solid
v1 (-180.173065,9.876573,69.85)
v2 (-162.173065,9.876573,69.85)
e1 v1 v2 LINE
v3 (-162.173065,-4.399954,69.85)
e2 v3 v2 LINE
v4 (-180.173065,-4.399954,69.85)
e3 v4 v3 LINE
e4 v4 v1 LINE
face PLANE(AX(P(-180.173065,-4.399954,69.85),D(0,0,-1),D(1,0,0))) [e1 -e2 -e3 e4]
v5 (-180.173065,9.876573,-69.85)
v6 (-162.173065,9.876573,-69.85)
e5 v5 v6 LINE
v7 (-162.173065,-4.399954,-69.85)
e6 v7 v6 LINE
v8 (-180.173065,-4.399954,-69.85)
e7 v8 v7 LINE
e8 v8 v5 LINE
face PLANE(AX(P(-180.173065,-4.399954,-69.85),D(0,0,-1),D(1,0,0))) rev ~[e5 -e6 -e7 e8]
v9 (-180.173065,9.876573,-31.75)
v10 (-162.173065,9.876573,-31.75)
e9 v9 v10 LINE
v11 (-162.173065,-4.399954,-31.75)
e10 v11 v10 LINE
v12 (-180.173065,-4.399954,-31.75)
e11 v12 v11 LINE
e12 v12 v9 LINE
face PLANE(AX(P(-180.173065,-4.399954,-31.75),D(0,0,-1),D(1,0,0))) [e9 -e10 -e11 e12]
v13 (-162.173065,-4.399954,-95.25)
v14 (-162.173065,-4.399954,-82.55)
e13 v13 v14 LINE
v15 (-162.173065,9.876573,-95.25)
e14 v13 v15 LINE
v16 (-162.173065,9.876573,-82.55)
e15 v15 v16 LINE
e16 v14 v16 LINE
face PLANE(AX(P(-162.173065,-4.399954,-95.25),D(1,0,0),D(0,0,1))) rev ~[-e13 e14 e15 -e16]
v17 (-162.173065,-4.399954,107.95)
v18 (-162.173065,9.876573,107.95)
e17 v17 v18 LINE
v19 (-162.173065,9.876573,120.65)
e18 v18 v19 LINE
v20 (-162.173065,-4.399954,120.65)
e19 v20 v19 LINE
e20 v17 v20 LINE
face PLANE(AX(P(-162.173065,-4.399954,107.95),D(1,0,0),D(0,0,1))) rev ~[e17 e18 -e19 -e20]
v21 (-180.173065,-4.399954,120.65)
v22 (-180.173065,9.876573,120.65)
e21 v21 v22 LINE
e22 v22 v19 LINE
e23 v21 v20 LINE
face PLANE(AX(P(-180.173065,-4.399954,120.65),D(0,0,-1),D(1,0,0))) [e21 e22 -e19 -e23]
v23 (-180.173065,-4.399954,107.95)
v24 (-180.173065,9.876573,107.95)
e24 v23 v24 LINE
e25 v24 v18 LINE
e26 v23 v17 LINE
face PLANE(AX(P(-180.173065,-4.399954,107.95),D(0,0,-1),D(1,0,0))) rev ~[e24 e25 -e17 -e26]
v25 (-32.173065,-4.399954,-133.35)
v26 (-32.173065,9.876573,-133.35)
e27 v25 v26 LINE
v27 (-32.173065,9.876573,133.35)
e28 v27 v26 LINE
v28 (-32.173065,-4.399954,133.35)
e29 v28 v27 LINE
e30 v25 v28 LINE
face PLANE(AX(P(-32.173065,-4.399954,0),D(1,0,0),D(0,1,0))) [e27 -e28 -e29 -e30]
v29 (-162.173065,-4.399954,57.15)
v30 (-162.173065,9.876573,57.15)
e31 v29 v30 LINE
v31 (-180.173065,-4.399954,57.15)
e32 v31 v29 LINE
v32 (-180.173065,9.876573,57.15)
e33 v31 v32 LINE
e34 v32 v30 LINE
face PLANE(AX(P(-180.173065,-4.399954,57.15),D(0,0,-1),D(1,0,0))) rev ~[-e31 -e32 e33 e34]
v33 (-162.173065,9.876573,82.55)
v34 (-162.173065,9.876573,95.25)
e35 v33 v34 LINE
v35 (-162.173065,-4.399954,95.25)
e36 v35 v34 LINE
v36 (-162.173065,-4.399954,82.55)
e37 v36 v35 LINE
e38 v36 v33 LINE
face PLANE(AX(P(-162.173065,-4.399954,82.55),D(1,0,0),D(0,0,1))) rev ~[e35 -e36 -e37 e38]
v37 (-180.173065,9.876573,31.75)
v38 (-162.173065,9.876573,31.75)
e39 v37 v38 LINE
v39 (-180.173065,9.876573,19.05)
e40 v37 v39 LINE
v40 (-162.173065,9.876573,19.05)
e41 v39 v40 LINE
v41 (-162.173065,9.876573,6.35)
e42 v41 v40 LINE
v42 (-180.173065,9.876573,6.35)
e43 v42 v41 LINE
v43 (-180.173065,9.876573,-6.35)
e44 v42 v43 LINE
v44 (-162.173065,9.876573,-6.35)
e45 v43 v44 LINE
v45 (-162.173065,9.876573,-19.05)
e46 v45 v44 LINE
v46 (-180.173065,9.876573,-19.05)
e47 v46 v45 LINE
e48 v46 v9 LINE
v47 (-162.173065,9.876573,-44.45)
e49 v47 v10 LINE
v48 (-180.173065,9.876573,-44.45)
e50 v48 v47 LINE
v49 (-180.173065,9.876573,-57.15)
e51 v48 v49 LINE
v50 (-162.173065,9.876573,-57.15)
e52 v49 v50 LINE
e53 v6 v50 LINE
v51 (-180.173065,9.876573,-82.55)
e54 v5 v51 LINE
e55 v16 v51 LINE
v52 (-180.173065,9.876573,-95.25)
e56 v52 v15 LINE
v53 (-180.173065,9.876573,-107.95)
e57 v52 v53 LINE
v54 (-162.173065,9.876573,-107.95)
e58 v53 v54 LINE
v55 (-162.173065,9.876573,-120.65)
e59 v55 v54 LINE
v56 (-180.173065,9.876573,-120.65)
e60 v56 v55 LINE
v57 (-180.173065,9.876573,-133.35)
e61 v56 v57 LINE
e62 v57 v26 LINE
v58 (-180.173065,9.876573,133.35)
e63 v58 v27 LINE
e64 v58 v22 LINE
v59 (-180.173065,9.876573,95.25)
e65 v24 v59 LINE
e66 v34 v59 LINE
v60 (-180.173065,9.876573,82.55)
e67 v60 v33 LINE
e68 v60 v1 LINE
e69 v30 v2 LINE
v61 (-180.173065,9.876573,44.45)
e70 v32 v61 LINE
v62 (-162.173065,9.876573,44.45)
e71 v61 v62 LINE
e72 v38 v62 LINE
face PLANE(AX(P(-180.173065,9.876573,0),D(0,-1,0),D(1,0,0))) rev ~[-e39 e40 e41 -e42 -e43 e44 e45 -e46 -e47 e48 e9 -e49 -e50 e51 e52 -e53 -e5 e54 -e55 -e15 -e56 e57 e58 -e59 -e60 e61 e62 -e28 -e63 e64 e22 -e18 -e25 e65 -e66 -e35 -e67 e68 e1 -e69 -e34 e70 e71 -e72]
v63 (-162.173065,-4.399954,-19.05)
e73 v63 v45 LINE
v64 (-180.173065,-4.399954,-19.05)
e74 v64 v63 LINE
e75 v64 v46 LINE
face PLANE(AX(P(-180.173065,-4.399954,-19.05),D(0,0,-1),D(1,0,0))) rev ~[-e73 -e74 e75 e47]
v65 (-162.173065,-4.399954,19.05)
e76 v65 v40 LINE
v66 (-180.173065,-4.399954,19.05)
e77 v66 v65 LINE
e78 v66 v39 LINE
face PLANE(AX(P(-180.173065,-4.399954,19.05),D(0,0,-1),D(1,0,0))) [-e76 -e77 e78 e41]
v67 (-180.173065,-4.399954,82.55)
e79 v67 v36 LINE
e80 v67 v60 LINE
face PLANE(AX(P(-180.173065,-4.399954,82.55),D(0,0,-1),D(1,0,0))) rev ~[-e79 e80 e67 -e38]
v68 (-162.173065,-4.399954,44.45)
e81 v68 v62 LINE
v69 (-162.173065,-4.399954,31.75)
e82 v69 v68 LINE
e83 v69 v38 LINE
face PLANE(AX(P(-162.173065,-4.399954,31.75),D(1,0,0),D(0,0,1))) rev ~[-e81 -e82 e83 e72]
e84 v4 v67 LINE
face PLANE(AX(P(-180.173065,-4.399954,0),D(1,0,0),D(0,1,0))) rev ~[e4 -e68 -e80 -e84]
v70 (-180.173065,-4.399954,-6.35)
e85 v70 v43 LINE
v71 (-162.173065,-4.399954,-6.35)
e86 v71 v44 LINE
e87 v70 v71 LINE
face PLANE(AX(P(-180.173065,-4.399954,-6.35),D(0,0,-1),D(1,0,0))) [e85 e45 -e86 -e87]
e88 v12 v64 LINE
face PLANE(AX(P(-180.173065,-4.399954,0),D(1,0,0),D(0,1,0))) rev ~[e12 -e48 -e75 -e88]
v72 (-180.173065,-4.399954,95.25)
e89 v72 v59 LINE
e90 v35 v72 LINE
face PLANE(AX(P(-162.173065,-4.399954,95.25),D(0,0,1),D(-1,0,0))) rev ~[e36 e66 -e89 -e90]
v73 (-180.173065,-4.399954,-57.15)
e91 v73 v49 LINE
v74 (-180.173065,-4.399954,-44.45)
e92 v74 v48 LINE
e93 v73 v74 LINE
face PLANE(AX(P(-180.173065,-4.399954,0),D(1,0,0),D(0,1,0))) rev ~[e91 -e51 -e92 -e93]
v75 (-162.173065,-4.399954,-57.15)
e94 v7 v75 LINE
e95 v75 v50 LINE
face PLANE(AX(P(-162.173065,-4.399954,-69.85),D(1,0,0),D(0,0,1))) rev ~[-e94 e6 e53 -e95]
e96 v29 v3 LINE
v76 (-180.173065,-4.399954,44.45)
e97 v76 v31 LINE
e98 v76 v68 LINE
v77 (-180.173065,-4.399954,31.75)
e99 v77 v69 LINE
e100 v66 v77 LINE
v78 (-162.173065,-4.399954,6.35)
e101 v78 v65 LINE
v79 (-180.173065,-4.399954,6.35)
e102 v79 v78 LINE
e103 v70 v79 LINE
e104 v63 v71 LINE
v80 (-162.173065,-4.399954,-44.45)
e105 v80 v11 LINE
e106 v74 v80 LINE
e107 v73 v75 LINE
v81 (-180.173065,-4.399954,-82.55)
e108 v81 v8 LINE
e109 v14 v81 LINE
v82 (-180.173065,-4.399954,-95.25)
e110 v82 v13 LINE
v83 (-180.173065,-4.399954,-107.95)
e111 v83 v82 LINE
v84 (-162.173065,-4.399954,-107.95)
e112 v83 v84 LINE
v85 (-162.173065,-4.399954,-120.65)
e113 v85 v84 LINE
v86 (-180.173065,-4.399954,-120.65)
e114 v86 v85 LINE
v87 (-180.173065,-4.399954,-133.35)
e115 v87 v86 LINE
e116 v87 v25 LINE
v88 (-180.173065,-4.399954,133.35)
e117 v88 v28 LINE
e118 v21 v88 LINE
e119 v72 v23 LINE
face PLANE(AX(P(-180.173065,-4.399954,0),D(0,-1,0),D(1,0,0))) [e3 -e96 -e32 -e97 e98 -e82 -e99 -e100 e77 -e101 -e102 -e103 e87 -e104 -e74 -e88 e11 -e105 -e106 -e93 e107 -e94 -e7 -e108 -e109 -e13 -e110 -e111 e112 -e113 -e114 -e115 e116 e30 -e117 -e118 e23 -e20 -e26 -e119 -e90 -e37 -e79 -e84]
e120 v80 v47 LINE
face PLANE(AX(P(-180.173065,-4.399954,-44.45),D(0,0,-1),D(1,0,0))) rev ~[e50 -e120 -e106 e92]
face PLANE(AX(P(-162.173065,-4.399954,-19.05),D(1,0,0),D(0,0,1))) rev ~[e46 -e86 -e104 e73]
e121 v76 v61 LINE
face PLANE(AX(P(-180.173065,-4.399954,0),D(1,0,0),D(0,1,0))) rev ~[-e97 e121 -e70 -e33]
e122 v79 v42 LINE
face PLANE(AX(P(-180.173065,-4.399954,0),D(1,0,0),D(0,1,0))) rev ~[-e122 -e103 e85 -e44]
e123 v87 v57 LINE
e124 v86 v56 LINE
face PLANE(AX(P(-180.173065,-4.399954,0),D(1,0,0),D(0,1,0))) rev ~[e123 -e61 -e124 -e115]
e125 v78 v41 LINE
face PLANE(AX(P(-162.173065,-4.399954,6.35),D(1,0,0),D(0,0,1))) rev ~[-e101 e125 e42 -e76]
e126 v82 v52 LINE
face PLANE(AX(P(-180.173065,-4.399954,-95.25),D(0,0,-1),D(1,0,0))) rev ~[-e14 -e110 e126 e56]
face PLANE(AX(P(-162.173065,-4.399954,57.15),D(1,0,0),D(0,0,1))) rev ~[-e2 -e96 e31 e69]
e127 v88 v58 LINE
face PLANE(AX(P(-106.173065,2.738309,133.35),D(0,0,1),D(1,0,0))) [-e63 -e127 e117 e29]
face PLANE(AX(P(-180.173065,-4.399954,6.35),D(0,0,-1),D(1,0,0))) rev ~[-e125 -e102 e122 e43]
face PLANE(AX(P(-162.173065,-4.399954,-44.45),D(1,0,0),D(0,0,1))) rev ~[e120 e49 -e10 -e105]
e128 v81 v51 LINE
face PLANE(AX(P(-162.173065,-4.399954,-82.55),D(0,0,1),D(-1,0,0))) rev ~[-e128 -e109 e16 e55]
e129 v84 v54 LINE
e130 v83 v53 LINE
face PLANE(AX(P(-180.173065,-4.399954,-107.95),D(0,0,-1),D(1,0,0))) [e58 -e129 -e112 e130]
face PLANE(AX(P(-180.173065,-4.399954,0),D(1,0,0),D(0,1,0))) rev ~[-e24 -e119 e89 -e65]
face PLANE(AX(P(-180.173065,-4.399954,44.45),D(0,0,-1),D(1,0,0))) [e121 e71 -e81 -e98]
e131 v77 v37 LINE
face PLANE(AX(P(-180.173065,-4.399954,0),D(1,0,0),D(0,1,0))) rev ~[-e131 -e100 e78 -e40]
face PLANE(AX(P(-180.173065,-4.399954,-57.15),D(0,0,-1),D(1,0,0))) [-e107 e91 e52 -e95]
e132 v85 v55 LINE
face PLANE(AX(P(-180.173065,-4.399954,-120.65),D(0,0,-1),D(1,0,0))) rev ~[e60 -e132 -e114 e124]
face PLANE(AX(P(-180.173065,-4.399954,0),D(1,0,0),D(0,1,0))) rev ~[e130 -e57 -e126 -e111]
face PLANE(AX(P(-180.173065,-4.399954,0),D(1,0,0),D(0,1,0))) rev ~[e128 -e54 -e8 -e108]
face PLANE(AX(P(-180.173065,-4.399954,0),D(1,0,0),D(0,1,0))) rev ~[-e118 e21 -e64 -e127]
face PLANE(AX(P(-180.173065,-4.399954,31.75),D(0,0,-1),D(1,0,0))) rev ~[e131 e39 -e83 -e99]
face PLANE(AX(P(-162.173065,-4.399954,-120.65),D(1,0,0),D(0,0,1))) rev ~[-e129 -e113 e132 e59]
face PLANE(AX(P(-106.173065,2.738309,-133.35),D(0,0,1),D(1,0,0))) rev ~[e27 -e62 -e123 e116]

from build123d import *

# Parameters (mm, degrees)
F0_W     = 148
F0_H     = 14.2765273312
F1_DEPTH = 133.35
F2_W     = 18
F2_H     = 12.7
F3_DEPTH = 14.2775273312


with BuildPart() as f1:
    # F0 (on Top) → F1 (new body, symmetric)
    with BuildSketch(Plane.XY):
        with Locations((-106.1730651801, 2.7383093525)):
            Rectangle(F0_W, F0_H)
    extrude(amount=F1_DEPTH, both=True)

    # F2 (on face) → F3 (cut, through all)
    with BuildSketch(Plane.XZ.offset(4.3999543131)):
        with Locations((-390.5, -12.7)):
            Rectangle(F2_W, F2_H)
        with Locations((-390.5, -38.1)):
            Rectangle(F2_W, F2_H)
        with Locations((-390.5, -63.5)):
            Rectangle(F2_W, F2_H)
        with Locations((-390.5, -88.9)):
            Rectangle(F2_W, F2_H)
        with Locations((-390.5, -114.3)):
            Rectangle(F2_W, F2_H)
        Polygon((-265, 113.35), (-265, 120.65), (-283, 120.65), (-283, 107.95), (-265, 107.95), align=None)
        with Locations((-274, 12.7)):
            Rectangle(F2_W, F2_H)
        Polygon((-265, 44.45), (-283, 44.45), (-283, 31.75), (-265, 31.75), (-265, 33.35), align=None)
        with Locations((-274, 63.5)):
            Rectangle(F2_W, F2_H)
        with Locations((-274, 88.9)):
            Rectangle(F2_W, F2_H)
        with Locations((-171.1730651801, -114.3)):
            Rectangle(F2_W, F2_H)
        Polygon((-162.1730651801, -95.25), (-162.1730651801, -82.55), (-180.1730651801, -82.55), (-180.1730651801, -95.25), (-163.5, -95.25), align=None)
        with Locations((-171.1730651801, -63.5)):
            Rectangle(F2_W, F2_H)
        with Locations((-171.1730651801, -38.1)):
            Rectangle(F2_W, F2_H)
        with Locations((-171.1730651801, -12.7)):
            Rectangle(F2_W, F2_H)
        with Locations((-171.1730651801, 12.7)):
            Rectangle(F2_W, F2_H)
        with Locations((-171.1730651801, 38.1)):
            Rectangle(F2_W, F2_H)
        with Locations((-171.1730651801, 63.5)):
            Rectangle(F2_W, F2_H)
        Polygon((-162.1730651801, 82.55), (-162.1730651801, 95.25), (-163.5, 95.25), (-180.1730651801, 95.25), (-180.1730651801, 82.55), align=None)
        with Locations((-171.1730651801, 114.3)):
            Rectangle(F2_W, F2_H)
    extrude(amount=-F3_DEPTH, mode=Mode.SUBTRACT)


solid = f1.part
